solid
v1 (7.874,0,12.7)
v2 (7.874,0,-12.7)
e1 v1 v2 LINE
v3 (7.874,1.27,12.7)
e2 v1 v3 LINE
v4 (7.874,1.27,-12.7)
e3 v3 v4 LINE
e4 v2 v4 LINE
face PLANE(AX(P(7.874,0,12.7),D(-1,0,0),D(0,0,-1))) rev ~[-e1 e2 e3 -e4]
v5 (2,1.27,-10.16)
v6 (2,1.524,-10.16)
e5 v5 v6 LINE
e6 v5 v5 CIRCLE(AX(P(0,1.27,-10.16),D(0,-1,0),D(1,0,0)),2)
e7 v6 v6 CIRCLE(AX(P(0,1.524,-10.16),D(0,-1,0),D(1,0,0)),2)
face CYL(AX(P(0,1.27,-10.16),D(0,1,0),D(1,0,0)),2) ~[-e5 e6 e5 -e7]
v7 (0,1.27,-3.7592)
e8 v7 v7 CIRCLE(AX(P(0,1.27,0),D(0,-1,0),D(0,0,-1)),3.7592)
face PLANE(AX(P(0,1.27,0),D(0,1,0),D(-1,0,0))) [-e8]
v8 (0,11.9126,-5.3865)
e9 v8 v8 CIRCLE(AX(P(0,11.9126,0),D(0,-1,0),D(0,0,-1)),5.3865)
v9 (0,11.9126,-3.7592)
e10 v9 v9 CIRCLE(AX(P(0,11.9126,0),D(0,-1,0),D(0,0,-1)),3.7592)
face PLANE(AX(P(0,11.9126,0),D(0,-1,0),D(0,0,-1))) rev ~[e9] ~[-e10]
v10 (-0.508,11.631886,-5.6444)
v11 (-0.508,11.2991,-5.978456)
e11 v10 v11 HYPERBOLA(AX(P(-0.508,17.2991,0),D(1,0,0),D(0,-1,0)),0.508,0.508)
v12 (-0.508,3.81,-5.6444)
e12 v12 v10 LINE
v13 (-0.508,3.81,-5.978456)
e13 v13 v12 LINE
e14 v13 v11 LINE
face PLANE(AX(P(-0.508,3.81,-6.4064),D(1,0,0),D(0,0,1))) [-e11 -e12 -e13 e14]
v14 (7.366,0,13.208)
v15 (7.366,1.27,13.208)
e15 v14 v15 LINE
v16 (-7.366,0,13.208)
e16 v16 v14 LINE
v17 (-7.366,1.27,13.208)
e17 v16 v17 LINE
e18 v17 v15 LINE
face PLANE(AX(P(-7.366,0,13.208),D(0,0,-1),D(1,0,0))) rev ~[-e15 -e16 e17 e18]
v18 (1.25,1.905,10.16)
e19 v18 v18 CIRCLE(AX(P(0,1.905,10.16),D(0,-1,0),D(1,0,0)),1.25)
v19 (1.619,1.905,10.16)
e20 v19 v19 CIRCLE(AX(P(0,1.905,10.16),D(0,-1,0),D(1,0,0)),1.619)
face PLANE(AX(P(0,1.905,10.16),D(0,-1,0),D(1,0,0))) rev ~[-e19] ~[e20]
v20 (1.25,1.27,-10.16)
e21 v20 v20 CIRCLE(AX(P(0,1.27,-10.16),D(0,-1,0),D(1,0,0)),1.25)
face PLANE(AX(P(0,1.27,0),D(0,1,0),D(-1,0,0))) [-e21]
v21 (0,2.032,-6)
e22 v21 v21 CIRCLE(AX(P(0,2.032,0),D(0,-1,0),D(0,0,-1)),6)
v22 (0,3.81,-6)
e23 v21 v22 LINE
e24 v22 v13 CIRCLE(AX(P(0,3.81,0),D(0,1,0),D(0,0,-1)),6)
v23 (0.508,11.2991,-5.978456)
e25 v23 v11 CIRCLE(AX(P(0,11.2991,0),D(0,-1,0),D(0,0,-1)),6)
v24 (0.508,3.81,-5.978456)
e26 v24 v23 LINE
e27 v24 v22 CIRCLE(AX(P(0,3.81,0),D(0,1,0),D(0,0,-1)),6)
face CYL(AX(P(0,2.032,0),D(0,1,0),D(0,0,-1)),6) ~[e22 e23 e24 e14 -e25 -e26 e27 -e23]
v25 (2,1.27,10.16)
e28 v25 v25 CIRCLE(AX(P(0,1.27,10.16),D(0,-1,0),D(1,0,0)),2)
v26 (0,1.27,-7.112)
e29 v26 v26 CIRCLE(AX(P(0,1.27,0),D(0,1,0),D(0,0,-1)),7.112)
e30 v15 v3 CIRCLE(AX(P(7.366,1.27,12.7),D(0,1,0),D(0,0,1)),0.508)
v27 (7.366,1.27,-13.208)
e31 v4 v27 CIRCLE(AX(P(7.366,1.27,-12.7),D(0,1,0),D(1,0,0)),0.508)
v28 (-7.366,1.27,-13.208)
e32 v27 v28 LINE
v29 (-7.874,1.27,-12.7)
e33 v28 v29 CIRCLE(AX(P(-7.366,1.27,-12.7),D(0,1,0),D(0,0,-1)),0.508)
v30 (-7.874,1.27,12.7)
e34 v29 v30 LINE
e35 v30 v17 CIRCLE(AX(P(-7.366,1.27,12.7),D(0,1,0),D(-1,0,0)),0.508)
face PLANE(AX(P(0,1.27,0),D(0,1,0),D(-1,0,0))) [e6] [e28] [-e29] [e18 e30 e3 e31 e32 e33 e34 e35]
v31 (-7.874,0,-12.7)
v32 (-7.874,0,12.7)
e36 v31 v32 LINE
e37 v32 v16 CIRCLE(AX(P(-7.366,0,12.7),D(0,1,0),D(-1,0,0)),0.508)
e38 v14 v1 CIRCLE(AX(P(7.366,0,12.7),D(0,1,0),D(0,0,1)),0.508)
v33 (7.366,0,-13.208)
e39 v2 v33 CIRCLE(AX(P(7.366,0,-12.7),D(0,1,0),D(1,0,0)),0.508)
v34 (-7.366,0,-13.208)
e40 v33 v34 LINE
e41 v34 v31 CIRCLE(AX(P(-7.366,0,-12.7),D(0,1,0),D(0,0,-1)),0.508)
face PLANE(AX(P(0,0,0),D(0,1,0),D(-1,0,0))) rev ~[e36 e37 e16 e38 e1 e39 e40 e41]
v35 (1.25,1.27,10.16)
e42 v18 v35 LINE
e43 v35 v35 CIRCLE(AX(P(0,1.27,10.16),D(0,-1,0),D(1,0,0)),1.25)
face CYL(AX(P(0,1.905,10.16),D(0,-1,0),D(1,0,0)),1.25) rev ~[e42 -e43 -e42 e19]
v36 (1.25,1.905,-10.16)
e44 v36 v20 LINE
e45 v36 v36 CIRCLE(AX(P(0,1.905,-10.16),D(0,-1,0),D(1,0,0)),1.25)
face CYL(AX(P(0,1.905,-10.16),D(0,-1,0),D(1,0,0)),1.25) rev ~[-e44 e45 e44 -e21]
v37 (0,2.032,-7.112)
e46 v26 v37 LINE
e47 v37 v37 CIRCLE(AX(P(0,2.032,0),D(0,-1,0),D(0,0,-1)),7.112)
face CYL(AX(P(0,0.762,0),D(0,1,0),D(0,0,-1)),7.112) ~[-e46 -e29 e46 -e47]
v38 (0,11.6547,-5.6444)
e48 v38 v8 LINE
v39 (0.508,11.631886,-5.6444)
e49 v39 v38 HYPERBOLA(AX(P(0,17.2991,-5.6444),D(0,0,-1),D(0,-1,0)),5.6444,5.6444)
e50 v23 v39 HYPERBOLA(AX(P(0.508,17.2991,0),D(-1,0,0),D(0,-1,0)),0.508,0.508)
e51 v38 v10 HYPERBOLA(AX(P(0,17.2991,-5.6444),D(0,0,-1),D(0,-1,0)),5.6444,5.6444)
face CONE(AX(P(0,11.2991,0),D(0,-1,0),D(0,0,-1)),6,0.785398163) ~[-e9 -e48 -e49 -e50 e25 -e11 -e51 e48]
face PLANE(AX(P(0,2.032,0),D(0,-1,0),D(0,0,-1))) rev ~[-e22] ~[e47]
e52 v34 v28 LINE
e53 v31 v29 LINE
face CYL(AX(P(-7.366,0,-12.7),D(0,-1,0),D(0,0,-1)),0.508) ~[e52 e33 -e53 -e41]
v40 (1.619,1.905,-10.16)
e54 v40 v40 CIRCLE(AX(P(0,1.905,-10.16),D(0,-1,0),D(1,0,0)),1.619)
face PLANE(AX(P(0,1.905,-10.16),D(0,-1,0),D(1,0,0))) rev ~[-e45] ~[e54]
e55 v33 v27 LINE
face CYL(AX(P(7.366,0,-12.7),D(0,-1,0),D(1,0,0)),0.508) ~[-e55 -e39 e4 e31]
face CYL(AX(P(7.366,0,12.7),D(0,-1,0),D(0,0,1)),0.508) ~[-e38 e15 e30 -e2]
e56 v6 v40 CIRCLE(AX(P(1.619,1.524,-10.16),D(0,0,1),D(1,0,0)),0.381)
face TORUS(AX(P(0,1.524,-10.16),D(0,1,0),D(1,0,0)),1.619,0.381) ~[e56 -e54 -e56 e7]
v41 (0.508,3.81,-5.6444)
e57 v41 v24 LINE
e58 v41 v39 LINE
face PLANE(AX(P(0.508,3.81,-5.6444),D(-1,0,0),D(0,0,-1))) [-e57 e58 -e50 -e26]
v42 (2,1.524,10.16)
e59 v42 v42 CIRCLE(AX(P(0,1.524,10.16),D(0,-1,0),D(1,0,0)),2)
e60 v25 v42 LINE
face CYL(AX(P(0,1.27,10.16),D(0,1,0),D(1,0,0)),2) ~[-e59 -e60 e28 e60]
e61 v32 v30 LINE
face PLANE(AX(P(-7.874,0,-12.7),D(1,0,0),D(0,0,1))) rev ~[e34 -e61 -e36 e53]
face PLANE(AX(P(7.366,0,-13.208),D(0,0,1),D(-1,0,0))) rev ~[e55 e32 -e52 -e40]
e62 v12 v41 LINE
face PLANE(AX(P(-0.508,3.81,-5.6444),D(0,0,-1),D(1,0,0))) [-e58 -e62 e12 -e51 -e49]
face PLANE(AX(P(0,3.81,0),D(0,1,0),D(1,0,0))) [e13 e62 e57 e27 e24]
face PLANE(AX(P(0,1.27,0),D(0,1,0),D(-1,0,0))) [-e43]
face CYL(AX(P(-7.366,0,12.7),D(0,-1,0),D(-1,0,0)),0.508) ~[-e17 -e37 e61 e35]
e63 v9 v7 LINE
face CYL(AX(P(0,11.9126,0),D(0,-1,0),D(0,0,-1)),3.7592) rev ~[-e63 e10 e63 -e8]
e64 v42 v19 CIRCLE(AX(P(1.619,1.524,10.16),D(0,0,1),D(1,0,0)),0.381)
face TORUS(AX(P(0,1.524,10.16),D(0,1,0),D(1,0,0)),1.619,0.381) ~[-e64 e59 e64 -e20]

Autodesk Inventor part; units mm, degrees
sketch "Sketch_1" plane through (0, 0, 0) normal (0, 1, 0) x (-1, 0, 0)
  line L0 (7.874, -12.7) -> (7.874, 12.7)
  arc A0 (7.874, 12.7) -> (7.366, 13.208) centre (7.366, 12.7) ccw
  line L1 (7.366, 13.208) -> (-7.366, 13.208)
  arc A1 (-7.366, 13.208) -> (-7.874, 12.7) centre (-7.366, 12.7) ccw
  line L2 (-7.874, 12.7) -> (-7.874, -12.7)
  arc A2 (-7.874, -12.7) -> (-7.366, -13.208) centre (-7.366, -12.7) ccw
  line L3 (-7.366, -13.208) -> (7.366, -13.208)
  arc A3 (7.366, -13.208) -> (7.874, -12.7) centre (7.366, -12.7) ccw
extrude "Extrusion1" add sketch "Sketch_1" along normal blind 1.27
sketch "Sketch_4" plane through (0, 0, 0) normal (1, 0, 0) x (0, 1, 0)
  line L0 (0.762, 0) -> (11.9126, 0)
  line L1 (11.9126, -3.7592) -> (0.762, -3.7592)
  line L2 (0.762, -3.7592) -> (0.762, -7.112)
  line L3 (0.762, -7.112) -> (2.032, -7.112)
  line L4 (2.032, -7.112) -> (2.032, -6)
  line L5 (2.032, -6) -> (11.2991, -6)
  line L6 (11.2991, -6) -> (11.9126, -5.3865)
  line L7 (11.9126, -5.3865) -> (11.9126, -3.7592)
revolve "Revolution1" add sketch "Sketch_4" angle 360 about axis through (0, 0.762, 0) along (0, -1, 0)
thread "Thread1" size "M12x1" class "6g" standard "ISO Metric profile" full length
sketch "Sketch_6" plane through (0, 3.81, 0) normal (0, 1, 0) x (1, 0, 0)
  line L0 (-0.508, 5.6444) -> (0.508, 5.6444)
  line L1 (0.508, 5.6444) -> (0.508, 6.4064)
  line L2 (0.508, 6.4064) -> (-0.508, 6.4064)
  line L3 (-0.508, 6.4064) -> (-0.508, 5.6444)
extrude "Extrusion2" cut sketch "Sketch_6" along normal blind 25.4
sketch "Sketch_2" plane through (0, 0, -10.16) normal (0, 0, 1) x (1, 0, 0)
  line L0 (0, 1.27) -> (0, 1.905)
  line L1 (1.25, 1.27) -> (2, 1.27)
  line L2 (2, 1.27) -> (2, 1.524)
  arc A0 (2, 1.524) -> (1.619, 1.905) centre (1.619, 1.524) ccw
  line L3 (1.619, 1.905) -> (1.25, 1.905)
  line L4 (1.25, 1.905) -> (1.25, 1.27)
revolve "Revolution2" add sketch "Sketch_2" angle 360 about axis through (0, 1.27, -10.16) along (0, -1, 0)
sketch "Sketch_3" plane through (0, 0, 10.16) normal (0, 0, 1) x (1, 0, 0)
  line L0 (0, 1.27) -> (0, 1.905)
  line L1 (1.25, 1.27) -> (2, 1.27)
  line L2 (2, 1.27) -> (2, 1.524)
  arc A0 (2, 1.524) -> (1.619, 1.905) centre (1.619, 1.524) ccw
  line L3 (1.619, 1.905) -> (1.25, 1.905)
  line L4 (1.25, 1.905) -> (1.25, 1.27)
revolve "Revolution3" add sketch "Sketch_3" angle 360 about axis through (0, 1.27, 10.16) along (0, -1, 0)
ref_plane "hex_face_nut_XY" through (0, 2.032, 0) normal (0, 1, 0) x (1, 0, 0)
ref_plane "hex_face_nut_YZ" through (0, 2.032, 0) normal (1, 0, 0) x (0, 0, -1)
ref_plane "hex_face_nut_ZX" through (0, 2.032, 0) normal (0, 0, -1) x (0, 1, 0)
ref_plane "knurled_nut_XY" through (0, 4.5466, 0) normal (0, 1, 0) x (1, 0, 0)
ref_plane "knurled_nut_YZ" through (0, 4.5466, 0) normal (1, 0, 0) x (0, 0, -1)
ref_plane "knurled_nut_ZX" through (0, 4.5466, 0) normal (0, 0, -1) x (0, 1, 0)
ref_plane "lockwasher_XY" through (0, 4.0386, 0) normal (0, 1, 0) x (1, 0, 0)
ref_plane "lockwasher_YZ" through (0, 4.0386, 0) normal (1, 0, 0) x (0, 0, -1)
ref_plane "lockwasher_ZX" through (0, 4.0386, 0) normal (0, 0, -1) x (0, 1, 0)
ref_plane "panel_XY" through (0, 0, 0) normal (0, -1, 0) x (1, 0, 0)
ref_plane "panel_YZ" through (0, 0, 0) normal (1, 0, 0) x (0, 0, 1)
ref_plane "panel_ZX" through (0, 0, 0) normal (0, 0, 1) x (0, -1, 0)
ref_plane "toggle_XY" through (0, 9.4107, 0) normal (0, 1, 0) x (1, 0, 0)
ref_plane "toggle_YZ" through (0, 9.4107, 0) normal (1, 0, 0) x (0, 0, -1)
ref_plane "toggle_ZX" through (0, 9.4107, 0) normal (0, 0, -1) x (0, 1, 0)
properties part number "SS114-panel"
